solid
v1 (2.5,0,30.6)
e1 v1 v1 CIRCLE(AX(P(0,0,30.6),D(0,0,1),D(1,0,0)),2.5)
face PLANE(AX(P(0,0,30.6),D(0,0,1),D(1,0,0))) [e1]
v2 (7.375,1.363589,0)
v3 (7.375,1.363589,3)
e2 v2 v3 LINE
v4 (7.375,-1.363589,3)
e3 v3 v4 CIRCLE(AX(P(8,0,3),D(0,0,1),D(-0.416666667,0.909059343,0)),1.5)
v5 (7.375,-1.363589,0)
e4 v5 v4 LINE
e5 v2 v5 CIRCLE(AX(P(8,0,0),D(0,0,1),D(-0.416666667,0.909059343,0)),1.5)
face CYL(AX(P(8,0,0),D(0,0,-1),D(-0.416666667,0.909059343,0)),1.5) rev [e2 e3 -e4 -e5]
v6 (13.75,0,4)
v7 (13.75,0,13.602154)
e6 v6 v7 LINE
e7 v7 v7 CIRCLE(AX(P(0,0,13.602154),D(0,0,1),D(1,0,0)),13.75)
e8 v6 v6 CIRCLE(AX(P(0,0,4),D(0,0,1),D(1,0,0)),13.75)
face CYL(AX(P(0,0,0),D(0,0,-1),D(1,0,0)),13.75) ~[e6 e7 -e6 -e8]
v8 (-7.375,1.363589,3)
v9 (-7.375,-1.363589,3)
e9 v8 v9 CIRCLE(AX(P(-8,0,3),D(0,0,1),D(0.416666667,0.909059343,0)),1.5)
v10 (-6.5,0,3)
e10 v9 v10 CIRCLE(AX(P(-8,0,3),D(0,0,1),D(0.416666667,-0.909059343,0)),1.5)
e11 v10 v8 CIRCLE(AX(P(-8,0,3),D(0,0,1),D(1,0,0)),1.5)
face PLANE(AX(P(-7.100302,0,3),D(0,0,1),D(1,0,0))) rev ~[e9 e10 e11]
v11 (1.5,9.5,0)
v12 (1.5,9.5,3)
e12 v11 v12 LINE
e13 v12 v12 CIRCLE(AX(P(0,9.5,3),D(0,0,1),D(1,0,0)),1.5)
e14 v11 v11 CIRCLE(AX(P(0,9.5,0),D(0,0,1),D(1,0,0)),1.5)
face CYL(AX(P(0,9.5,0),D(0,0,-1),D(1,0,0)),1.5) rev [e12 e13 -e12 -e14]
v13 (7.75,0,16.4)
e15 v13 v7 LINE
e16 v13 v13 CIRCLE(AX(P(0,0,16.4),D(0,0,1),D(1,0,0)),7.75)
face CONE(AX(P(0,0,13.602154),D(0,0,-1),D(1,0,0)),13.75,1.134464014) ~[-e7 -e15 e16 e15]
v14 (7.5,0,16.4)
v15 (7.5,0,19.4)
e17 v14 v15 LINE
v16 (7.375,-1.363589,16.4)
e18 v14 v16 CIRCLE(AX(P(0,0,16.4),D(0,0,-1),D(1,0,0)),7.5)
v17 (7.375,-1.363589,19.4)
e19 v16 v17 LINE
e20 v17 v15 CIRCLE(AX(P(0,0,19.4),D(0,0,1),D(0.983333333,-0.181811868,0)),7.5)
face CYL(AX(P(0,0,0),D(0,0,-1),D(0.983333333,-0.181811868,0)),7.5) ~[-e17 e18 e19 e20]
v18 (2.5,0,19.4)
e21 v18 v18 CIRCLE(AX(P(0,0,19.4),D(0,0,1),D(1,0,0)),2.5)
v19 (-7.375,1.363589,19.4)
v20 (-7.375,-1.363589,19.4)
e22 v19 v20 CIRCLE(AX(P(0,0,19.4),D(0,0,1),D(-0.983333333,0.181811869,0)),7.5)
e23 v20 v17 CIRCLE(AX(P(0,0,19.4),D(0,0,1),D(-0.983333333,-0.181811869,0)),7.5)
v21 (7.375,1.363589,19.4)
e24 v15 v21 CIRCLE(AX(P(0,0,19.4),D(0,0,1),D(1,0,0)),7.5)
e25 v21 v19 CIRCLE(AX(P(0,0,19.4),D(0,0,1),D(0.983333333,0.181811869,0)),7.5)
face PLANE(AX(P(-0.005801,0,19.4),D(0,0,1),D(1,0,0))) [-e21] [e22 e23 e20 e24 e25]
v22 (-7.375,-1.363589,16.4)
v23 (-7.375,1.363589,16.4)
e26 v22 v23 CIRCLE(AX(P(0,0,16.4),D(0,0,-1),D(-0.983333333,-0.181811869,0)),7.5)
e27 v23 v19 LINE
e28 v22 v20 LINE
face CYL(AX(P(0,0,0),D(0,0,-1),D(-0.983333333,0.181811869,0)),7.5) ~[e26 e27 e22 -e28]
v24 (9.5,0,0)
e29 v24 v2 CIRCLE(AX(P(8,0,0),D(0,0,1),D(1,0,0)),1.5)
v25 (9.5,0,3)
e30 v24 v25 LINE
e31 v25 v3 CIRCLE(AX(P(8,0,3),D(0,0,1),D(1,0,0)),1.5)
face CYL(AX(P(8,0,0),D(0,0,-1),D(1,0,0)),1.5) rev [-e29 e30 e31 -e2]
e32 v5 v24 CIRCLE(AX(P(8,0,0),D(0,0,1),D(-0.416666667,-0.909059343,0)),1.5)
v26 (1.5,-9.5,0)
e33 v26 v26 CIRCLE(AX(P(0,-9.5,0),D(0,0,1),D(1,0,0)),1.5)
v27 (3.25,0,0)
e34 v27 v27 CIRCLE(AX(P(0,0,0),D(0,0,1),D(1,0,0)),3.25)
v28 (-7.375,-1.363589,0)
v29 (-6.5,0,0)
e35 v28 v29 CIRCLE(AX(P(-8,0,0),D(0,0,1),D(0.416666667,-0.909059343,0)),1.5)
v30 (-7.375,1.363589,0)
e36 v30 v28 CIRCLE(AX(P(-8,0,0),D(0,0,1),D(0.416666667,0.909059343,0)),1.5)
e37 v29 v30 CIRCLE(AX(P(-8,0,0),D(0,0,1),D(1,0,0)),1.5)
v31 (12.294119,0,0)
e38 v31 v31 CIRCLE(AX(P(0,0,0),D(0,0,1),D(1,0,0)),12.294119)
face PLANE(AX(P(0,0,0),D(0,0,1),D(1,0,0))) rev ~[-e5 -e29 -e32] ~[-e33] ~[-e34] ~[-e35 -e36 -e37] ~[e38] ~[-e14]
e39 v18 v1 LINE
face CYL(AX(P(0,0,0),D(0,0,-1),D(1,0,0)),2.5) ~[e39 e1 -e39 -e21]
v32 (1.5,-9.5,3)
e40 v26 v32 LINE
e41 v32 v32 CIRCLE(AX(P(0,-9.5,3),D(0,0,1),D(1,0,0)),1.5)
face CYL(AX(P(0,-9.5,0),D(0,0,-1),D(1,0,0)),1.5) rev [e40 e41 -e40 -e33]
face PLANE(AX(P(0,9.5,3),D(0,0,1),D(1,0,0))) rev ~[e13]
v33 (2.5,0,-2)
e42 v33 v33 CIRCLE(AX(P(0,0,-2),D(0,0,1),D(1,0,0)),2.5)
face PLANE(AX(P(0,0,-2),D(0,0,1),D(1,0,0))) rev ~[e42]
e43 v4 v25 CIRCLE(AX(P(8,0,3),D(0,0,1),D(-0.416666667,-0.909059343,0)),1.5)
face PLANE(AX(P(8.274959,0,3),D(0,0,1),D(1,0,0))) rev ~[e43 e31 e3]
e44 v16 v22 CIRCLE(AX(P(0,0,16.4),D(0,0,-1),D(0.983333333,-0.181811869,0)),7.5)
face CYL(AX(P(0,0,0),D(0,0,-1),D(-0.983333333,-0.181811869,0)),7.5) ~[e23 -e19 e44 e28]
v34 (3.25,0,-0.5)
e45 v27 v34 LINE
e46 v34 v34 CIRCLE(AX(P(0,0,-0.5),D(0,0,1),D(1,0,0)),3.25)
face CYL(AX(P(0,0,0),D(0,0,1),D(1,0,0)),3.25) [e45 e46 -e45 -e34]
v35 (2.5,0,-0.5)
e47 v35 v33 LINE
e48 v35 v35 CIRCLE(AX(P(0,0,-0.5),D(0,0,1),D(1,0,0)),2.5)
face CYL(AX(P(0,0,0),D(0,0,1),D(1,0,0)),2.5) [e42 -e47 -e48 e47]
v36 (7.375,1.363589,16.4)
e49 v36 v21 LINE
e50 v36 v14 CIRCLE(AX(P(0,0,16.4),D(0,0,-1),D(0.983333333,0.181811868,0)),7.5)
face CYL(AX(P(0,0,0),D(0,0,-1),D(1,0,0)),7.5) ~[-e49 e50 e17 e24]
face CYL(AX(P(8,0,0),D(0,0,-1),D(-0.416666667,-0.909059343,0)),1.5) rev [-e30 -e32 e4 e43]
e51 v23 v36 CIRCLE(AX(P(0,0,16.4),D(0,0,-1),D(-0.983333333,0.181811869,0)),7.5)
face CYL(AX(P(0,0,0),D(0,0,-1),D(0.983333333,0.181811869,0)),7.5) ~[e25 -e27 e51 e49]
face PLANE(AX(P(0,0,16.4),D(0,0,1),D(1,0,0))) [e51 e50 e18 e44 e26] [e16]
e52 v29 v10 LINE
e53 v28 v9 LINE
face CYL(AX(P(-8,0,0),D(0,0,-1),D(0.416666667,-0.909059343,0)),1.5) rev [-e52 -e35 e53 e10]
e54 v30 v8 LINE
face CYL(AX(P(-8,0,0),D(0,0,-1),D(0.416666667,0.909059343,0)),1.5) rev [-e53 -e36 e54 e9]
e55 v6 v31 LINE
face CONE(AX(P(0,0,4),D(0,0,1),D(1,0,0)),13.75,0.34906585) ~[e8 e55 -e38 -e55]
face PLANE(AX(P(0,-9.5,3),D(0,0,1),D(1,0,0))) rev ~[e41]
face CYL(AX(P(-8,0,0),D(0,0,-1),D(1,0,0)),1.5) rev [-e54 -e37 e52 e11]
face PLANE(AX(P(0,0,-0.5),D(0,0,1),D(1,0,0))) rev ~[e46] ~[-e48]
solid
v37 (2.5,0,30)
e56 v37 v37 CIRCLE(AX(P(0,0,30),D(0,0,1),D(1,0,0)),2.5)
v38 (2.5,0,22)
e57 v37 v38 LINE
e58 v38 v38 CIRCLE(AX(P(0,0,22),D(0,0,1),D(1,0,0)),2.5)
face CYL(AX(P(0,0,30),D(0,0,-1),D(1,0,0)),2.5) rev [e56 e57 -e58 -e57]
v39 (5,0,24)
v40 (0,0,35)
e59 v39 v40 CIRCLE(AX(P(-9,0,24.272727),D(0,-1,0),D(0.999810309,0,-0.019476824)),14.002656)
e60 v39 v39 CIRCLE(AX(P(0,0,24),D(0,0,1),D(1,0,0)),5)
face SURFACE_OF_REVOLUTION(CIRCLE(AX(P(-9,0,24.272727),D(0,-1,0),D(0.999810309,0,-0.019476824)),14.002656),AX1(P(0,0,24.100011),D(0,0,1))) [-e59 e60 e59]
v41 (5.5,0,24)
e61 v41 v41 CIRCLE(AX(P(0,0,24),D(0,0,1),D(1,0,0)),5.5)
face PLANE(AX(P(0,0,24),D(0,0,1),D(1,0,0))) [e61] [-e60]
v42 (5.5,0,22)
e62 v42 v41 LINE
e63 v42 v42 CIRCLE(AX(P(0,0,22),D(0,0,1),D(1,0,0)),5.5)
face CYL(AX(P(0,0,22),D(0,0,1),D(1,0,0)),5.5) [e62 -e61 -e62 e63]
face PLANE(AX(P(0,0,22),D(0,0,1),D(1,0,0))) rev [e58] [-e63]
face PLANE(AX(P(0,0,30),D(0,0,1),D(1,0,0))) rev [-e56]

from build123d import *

# Parameters (mm, degrees)
F0_R          = 13.75
F0_R_2        = 1.5
F1_DEPTH      = 16.4
F0_R_3        = 3.25
F0_R_4        = 2.5
F2_DEPTH      = 19.4
F3_DEPTH      = 30.6
F3_DEPTH_BACK = 2
F4_DEPTH      = 0.5
F5_SIZE2      = 2.7978459489
F5_SIZE       = 6
F9_DEPTH      = 3
F10_SIZE2     = 1.4558809371
F10_SIZE      = 4


with BuildPart() as f1:
    # F0 (on Top) → F1 (new body)
    with BuildSketch(Plane.XY):
        Circle(F0_R)
        with Locations((0, -9.5)):
            Circle(F0_R_2, mode=Mode.SUBTRACT)
        with BuildLine():
            ThreePointArc((-7.375, 1.3635890143), (0, 7.5), (7.375, 1.3635890143))
            ThreePointArc((7.375, 1.3635890143), (8.8100925873, 1.2624381173), (9.5, 0))
            ThreePointArc((9.5, 0), (8.8100925873, -1.2624381173), (7.375, -1.3635890143))
            ThreePointArc((7.375, -1.3635890143), (0, -7.5), (-7.375, -1.3635890143))
            ThreePointArc((-7.375, -1.3635890143), (-9.5, 0), (-7.375, 1.3635890143))
        make_face(mode=Mode.SUBTRACT)
        with Locations((0, 9.5)):
            Circle(F0_R_2, mode=Mode.SUBTRACT)
        with BuildLine():
            ThreePointArc((-7.375, -1.3635890143), (-7.5, 0), (-7.375, 1.3635890143))
            ThreePointArc((-7.375, 1.3635890143), (-9.5, 0), (-7.375, -1.3635890143))
        make_face()
        with BuildLine():
            ThreePointArc((7.375, 1.3635890143), (7.4686846231, 0.6846531969), (7.5, 0))
            ThreePointArc((7.5, 0), (7.4686846231, -0.6846531969), (7.375, -1.3635890143))
            ThreePointArc((7.375, -1.3635890143), (8.8100925873, -1.2624381173), (9.5, 0))
            ThreePointArc((9.5, 0), (8.8100925873, 1.2624381173), (7.375, 1.3635890143))
        make_face()
        with Locations((0, -9.5)):
            Circle(F0_R_2)
        with Locations((0, 9.5)):
            Circle(F0_R_2)
    extrude(amount=F1_DEPTH)

    # F0 (on Top) → F2 (join)
    with BuildSketch(Plane.XY):
        with BuildLine():
            ThreePointArc((7.375, -1.3635890143), (6.5, 0), (7.375, 1.3635890143))
            ThreePointArc((7.375, 1.3635890143), (0, 7.5), (-7.375, 1.3635890143))
            ThreePointArc((-7.375, 1.3635890143), (-6.7375618827, 0.8100925873), (-6.5, 0))
            ThreePointArc((-6.5, 0), (-6.7375618827, -0.8100925873), (-7.375, -1.3635890143))
            ThreePointArc((-7.375, -1.3635890143), (0, -7.5), (7.375, -1.3635890143))
        make_face()
        Circle(F0_R_3, mode=Mode.SUBTRACT)
        with BuildLine():
            ThreePointArc((-6.5, 0), (-6.7375618827, 0.8100925873), (-7.375, 1.3635890143))
            ThreePointArc((-7.375, 1.3635890143), (-7.5, 0), (-7.375, -1.3635890143))
            ThreePointArc((-7.375, -1.3635890143), (-6.7375618827, -0.8100925873), (-6.5, 0))
        make_face()
        with BuildLine():
            ThreePointArc((7.375, -1.3635890143), (7.4686846231, -0.6846531969), (7.5, 0))
            ThreePointArc((7.5, 0), (7.4686846231, 0.6846531969), (7.375, 1.3635890143))
            ThreePointArc((7.375, 1.3635890143), (6.5, 0), (7.375, -1.3635890143))
        make_face()
        Circle(F0_R_3)
        Circle(F0_R_4, mode=Mode.SUBTRACT)
    extrude(amount=F2_DEPTH)

    # F0 (on Top) → F3 (join, two sides)
    with BuildSketch(Plane.XY) as f3_sk:
        Circle(F0_R_4)
    extrude(amount=F3_DEPTH)
    extrude(f3_sk.sketch, amount=-F3_DEPTH_BACK)

    # F0 (on Top) → F4 (join)
    with BuildSketch(Plane.XY):
        Circle(F0_R_3)
        Circle(F0_R_4, mode=Mode.SUBTRACT)
    extrude(amount=-F4_DEPTH)

    # F5
    f5_edges = [f1.edges().sort_by_distance(p)[0] for p in [
        (-13.75, 0, 16.4),
    ]]
    f5_side = f1.faces().sort_by_distance((-13.361091, 0, 16.4))[0]
    chamfer(f5_edges, length=F5_SIZE, length2=F5_SIZE2, reference=f5_side)

    # F0 (on Top) → F9 (cut)
    with BuildSketch(Plane.XY):
        with BuildLine():
            ThreePointArc((-6.5, 0), (-6.7375618827, 0.8100925873), (-7.375, 1.3635890143))
            ThreePointArc((-7.375, 1.3635890143), (-7.5, 0), (-7.375, -1.3635890143))
            ThreePointArc((-7.375, -1.3635890143), (-6.7375618827, -0.8100925873), (-6.5, 0))
        make_face()
        with BuildLine():
            ThreePointArc((-7.375, -1.3635890143), (-7.5, 0), (-7.375, 1.3635890143))
            ThreePointArc((-7.375, 1.3635890143), (-9.5, 0), (-7.375, -1.3635890143))
        make_face()
        with Locations((0, -9.5)):
            Circle(F0_R_2)
        with BuildLine():
            ThreePointArc((7.375, 1.3635890143), (7.4686846231, 0.6846531969), (7.5, 0))
            ThreePointArc((7.5, 0), (7.4686846231, -0.6846531969), (7.375, -1.3635890143))
            ThreePointArc((7.375, -1.3635890143), (8.8100925873, -1.2624381173), (9.5, 0))
            ThreePointArc((9.5, 0), (8.8100925873, 1.2624381173), (7.375, 1.3635890143))
        make_face()
        with BuildLine():
            ThreePointArc((7.375, -1.3635890143), (7.4686846231, -0.6846531969), (7.5, 0))
            ThreePointArc((7.5, 0), (7.4686846231, 0.6846531969), (7.375, 1.3635890143))
            ThreePointArc((7.375, 1.3635890143), (6.5, 0), (7.375, -1.3635890143))
        make_face()
        with Locations((0, 9.5)):
            Circle(F0_R_2)
    extrude(amount=F9_DEPTH, mode=Mode.SUBTRACT)

    # F10
    f10_edges = [f1.edges().sort_by_distance(p)[0] for p in [
        (-13.75, 0, 0),
    ]]
    f10_side = f1.faces().sort_by_distance((-13.75, 0, 6.801077))[0]
    chamfer(f10_edges, length=F10_SIZE, length2=F10_SIZE2, reference=f10_side)


with BuildPart() as f8:
    # F7 (on Front) → F8 (revolve)
    with BuildSketch(Plane.XZ):
        with BuildLine():
            Line((2.5, 30), (2.5, 22))
            Line((2.5, 22), (5.5, 22))
            Line((5.5, 22), (5.5, 24))
            Line((5.5, 24), (5, 24))
            ThreePointArc((5, 24), (3.747548784, 30.0670676291), (0, 35))
            Line((0, 35), (0, 30))
            Line((0, 30), (2.5, 30))
        make_face()
    revolve(axis=Axis((0, 0, 24.1000112146), (0, 0, 1)))


solid = Compound([f1.part, f8.part])
